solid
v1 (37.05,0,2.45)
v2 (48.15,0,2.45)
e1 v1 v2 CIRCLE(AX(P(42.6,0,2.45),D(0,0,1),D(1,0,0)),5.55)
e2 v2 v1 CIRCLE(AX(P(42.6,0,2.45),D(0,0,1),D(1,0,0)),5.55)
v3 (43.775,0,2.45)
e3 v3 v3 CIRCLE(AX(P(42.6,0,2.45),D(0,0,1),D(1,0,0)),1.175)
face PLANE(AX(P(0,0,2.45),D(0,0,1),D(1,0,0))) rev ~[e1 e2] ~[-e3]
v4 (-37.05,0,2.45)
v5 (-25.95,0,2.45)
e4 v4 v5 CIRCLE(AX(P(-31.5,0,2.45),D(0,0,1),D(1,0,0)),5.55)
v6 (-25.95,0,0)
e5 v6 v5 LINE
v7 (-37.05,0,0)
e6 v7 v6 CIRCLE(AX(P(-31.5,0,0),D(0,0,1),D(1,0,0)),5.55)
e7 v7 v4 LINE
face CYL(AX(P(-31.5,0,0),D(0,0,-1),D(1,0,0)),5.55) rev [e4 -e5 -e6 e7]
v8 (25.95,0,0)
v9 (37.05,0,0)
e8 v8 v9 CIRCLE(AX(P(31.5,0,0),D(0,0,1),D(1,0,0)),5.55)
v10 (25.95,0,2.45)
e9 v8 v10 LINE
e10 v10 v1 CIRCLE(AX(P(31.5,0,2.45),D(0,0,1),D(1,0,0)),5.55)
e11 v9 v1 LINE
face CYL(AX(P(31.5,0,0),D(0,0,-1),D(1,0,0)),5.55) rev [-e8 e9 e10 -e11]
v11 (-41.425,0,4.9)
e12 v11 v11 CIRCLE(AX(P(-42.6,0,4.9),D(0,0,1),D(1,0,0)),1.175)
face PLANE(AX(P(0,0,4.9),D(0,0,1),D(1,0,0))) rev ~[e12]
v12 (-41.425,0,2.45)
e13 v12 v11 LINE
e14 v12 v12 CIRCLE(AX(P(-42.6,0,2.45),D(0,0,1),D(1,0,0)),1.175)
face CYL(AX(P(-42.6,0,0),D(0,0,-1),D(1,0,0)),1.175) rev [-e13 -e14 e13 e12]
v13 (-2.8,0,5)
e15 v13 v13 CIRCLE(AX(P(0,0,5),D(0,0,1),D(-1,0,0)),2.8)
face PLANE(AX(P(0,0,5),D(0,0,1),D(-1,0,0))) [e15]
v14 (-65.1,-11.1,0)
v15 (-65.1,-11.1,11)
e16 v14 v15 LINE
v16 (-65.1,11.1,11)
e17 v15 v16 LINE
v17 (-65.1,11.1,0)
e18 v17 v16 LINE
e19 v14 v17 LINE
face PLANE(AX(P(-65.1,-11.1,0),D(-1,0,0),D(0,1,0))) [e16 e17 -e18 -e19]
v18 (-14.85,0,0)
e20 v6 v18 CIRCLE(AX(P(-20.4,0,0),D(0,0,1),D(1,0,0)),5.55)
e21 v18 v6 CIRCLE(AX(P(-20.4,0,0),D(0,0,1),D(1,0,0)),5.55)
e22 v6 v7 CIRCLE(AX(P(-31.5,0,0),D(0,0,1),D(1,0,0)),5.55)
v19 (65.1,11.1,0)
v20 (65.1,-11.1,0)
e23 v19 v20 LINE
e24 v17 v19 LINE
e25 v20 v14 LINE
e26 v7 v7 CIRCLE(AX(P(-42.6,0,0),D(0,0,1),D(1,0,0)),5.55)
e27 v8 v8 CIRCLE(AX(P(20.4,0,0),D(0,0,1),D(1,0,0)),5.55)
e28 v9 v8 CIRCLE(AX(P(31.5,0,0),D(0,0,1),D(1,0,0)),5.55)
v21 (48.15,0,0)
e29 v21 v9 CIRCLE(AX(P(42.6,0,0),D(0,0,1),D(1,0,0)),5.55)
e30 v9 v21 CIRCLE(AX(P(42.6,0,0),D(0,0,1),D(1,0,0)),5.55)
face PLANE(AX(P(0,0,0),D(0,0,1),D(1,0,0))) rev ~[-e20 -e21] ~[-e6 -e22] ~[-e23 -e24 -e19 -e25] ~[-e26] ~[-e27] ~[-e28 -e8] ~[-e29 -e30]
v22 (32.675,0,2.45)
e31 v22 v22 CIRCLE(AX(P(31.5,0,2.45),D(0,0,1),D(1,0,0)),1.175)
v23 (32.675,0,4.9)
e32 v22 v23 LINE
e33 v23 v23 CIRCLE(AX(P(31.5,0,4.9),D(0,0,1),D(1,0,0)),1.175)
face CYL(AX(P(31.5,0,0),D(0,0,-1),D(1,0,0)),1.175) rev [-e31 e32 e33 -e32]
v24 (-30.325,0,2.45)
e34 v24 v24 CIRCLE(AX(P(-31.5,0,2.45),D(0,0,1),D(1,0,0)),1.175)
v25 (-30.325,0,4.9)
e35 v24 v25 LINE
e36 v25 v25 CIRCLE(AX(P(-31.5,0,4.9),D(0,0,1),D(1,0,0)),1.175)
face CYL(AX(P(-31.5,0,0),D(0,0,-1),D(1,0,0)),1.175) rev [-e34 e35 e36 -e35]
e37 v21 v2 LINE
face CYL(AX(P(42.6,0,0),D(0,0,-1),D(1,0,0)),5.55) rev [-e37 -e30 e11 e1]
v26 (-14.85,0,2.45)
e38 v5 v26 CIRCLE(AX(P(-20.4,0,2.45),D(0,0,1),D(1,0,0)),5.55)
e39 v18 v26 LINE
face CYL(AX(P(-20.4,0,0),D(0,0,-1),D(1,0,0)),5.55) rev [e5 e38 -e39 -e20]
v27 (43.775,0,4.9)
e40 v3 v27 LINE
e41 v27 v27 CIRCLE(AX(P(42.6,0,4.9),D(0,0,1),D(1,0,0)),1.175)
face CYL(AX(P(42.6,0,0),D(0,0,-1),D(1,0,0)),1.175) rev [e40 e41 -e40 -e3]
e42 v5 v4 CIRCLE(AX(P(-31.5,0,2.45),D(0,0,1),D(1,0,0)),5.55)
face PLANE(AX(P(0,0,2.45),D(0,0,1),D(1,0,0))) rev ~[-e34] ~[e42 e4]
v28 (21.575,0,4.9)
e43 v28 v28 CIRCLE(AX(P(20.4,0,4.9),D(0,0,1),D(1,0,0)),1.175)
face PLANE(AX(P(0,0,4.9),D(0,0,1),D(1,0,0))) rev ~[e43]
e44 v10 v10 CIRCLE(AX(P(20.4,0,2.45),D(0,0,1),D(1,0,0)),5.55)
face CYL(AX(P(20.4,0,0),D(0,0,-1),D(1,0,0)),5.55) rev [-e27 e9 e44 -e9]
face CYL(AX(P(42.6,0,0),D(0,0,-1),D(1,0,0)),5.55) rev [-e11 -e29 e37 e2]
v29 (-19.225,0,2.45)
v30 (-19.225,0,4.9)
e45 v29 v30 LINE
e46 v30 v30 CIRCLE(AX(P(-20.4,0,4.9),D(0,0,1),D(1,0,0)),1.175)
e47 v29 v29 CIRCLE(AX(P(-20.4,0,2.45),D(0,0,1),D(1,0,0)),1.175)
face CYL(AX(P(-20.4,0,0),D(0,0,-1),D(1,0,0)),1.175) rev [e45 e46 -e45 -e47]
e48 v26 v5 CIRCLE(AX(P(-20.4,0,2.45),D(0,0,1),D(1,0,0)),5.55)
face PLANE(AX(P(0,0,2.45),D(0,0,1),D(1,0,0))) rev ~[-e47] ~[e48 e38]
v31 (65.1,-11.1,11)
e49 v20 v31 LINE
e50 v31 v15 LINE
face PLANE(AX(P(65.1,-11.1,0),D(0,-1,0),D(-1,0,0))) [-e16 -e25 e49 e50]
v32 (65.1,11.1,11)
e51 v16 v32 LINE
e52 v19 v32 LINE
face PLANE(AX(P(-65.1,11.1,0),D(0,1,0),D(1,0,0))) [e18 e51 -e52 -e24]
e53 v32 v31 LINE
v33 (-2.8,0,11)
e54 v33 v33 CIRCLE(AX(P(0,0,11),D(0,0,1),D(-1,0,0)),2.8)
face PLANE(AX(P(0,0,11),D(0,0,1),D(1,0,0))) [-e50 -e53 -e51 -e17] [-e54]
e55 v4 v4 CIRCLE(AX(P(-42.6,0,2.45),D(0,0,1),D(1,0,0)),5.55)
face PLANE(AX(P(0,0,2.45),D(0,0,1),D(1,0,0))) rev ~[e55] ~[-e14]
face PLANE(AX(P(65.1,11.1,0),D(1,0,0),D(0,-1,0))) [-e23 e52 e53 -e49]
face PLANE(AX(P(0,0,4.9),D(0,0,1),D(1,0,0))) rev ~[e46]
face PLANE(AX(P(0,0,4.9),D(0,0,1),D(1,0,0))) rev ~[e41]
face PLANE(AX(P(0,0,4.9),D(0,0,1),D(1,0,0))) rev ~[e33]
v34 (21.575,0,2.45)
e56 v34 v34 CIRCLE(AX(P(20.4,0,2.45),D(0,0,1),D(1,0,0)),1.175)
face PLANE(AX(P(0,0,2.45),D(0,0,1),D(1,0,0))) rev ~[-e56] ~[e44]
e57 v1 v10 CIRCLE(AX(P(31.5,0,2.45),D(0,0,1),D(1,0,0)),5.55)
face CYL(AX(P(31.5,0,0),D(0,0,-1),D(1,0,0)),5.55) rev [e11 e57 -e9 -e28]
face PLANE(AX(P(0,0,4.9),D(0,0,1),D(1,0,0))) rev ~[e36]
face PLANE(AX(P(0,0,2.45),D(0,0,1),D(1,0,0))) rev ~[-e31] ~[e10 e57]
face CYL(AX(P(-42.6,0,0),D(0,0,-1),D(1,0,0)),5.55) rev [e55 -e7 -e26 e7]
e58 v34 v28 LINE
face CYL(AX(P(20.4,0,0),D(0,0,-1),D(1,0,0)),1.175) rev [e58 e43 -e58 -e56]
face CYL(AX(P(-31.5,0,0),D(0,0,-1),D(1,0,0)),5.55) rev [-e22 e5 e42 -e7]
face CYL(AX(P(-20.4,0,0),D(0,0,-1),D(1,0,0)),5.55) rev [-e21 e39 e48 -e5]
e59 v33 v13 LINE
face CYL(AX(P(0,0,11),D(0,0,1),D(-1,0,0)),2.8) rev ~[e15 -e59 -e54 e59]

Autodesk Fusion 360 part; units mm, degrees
sketch "Boceto1" plane through (0, 0, 0) normal (0, 0, 1) x (1, 0, 0)
  line L0 (65.1, -11.1) -> (-65.1, -11.1)
  line L1 (-65.1, -11.1) -> (-65.1, 11.1)
  line L2 (-65.1, 11.1) -> (65.1, 11.1)
  line L3 (65.1, 11.1) -> (65.1, -11.1)
  line L4 (65.1, -11.1) -> (-65.1, 11.1) construction
  line L5 (-65.1, -11.1) -> (65.1, 11.1) construction
  line L6 (0, 11.1) -> (0, -11.1) construction
  line L7 (-65.1, 0) -> (65.1, 0) construction
  circle A0 centre (20.4, 0) radius 5.55
  circle A1 centre (20.4, 0) radius 1.175
  circle A2 centre (-20.4, 0) radius 5.55
  circle A3 centre (-20.4, 0) radius 1.175
  circle A4 centre (31.5, 0) radius 5.55
  circle A5 centre (31.5, 0) radius 1.175
  circle A6 centre (-31.5, 0) radius 5.55
  circle A7 centre (-31.5, 0) radius 1.175
  circle A8 centre (42.6, 0) radius 5.55
  circle A9 centre (42.6, 0) radius 1.175
  circle A10 centre (-42.6, 0) radius 1.175
  circle A11 centre (-42.6, 0) radius 5.55
  dimension "d9" = 22.2
  dimension "d14" = 11.1
  dimension "d15" = 2.35
  dimension "d16" = 20.4
  dimension "d17" = 11.1
  dimension "d18" = 2.35
  dimension "d19" = 31.5
  dimension "d20" = 11.1
  dimension "d21" = 2.35
  dimension "d22" = 42.6
  dimension "d23" = 22.5
extrude "Extruir1" add sketch "Boceto1" along normal blind 11 contours L0 L1 L2 L3 | A0 | A8 | A4 | A1 | A2 | A11 | A6 | A3 | A5 | A7 | A9 | A10
extrude "Extruir2" cut sketch "Boceto1" along normal blind 2.45 contours A0 | A8 | A4 | A2 | A11 | A6
extrude "Extruir3" cut sketch "Boceto1" along normal blind 4.9 contours A1 | A3 | A5 | A7 | A9 | A10
sketch "Boceto2" plane through (0, 0, 11) normal (0, 0, 1) x (-1, 0, 0)
  line L0 (-65.1, -11.1) -> (65.1, -11.1)
  line L1 (65.1, -11.1) -> (65.1, 11.1)
  line L2 (65.1, 11.1) -> (-65.1, 11.1)
  line L3 (-65.1, 11.1) -> (-65.1, -11.1)
  line L4 (65.1, 0) -> (-65.1, 0) construction
  line L5 (0, 11.1) -> (0, -11.1) construction
  circle A0 centre (0, 0) radius 2.8
  dimension "d31" = 5.6
extrude "Extruir4" cut sketch "Boceto2" against normal blind 6 contours A0
equation "grosor1 = 2.8 mm"
equation "grosor2 = 2 mm"
equation "grosor3 = 7.5 mm"
equation "tolerancia = 0.1 mm"
equation "diametro_grande_iman = 11 mm"
equation "diametro_pequeno_iman = 2.25 mm"
equation "altura_grande_iman = 2.45 mm"
equation "altura_pequena_iman = 2.45 mm"
equation "d9 = 18 mm + tolerancia * 2 + grosor2 * 2"
equation "DIP_pequena = 41 mm"
equation "DIP_media = 63 mm"
equation "d14 = diametro_grande_iman + tolerancia"
equation "d15 = diametro_pequeno_iman + tolerancia"
equation "d16 = ( DIP_media - ( ( diametro_grande_iman + tolerancia ) * 2 ) ) / 2"
equation "d17 = diametro_grande_iman + tolerancia"
equation "d18 = diametro_pequeno_iman + tolerancia"
equation "d19 = DIP_media / 2"
equation "d20 = diametro_grande_iman + tolerancia"
equation "d21 = diametro_pequeno_iman + tolerancia"
equation "d22 = ( DIP_media + ( ( diametro_grande_iman + tolerancia ) * 2 ) ) / 2"
equation "grosor4 = 11 mm"
equation "d27 = altura_grande_iman"
equation "d29 = altura_pequena_iman + altura_grande_iman"
equation "d31 = 5.5 mm + tolerancia"
